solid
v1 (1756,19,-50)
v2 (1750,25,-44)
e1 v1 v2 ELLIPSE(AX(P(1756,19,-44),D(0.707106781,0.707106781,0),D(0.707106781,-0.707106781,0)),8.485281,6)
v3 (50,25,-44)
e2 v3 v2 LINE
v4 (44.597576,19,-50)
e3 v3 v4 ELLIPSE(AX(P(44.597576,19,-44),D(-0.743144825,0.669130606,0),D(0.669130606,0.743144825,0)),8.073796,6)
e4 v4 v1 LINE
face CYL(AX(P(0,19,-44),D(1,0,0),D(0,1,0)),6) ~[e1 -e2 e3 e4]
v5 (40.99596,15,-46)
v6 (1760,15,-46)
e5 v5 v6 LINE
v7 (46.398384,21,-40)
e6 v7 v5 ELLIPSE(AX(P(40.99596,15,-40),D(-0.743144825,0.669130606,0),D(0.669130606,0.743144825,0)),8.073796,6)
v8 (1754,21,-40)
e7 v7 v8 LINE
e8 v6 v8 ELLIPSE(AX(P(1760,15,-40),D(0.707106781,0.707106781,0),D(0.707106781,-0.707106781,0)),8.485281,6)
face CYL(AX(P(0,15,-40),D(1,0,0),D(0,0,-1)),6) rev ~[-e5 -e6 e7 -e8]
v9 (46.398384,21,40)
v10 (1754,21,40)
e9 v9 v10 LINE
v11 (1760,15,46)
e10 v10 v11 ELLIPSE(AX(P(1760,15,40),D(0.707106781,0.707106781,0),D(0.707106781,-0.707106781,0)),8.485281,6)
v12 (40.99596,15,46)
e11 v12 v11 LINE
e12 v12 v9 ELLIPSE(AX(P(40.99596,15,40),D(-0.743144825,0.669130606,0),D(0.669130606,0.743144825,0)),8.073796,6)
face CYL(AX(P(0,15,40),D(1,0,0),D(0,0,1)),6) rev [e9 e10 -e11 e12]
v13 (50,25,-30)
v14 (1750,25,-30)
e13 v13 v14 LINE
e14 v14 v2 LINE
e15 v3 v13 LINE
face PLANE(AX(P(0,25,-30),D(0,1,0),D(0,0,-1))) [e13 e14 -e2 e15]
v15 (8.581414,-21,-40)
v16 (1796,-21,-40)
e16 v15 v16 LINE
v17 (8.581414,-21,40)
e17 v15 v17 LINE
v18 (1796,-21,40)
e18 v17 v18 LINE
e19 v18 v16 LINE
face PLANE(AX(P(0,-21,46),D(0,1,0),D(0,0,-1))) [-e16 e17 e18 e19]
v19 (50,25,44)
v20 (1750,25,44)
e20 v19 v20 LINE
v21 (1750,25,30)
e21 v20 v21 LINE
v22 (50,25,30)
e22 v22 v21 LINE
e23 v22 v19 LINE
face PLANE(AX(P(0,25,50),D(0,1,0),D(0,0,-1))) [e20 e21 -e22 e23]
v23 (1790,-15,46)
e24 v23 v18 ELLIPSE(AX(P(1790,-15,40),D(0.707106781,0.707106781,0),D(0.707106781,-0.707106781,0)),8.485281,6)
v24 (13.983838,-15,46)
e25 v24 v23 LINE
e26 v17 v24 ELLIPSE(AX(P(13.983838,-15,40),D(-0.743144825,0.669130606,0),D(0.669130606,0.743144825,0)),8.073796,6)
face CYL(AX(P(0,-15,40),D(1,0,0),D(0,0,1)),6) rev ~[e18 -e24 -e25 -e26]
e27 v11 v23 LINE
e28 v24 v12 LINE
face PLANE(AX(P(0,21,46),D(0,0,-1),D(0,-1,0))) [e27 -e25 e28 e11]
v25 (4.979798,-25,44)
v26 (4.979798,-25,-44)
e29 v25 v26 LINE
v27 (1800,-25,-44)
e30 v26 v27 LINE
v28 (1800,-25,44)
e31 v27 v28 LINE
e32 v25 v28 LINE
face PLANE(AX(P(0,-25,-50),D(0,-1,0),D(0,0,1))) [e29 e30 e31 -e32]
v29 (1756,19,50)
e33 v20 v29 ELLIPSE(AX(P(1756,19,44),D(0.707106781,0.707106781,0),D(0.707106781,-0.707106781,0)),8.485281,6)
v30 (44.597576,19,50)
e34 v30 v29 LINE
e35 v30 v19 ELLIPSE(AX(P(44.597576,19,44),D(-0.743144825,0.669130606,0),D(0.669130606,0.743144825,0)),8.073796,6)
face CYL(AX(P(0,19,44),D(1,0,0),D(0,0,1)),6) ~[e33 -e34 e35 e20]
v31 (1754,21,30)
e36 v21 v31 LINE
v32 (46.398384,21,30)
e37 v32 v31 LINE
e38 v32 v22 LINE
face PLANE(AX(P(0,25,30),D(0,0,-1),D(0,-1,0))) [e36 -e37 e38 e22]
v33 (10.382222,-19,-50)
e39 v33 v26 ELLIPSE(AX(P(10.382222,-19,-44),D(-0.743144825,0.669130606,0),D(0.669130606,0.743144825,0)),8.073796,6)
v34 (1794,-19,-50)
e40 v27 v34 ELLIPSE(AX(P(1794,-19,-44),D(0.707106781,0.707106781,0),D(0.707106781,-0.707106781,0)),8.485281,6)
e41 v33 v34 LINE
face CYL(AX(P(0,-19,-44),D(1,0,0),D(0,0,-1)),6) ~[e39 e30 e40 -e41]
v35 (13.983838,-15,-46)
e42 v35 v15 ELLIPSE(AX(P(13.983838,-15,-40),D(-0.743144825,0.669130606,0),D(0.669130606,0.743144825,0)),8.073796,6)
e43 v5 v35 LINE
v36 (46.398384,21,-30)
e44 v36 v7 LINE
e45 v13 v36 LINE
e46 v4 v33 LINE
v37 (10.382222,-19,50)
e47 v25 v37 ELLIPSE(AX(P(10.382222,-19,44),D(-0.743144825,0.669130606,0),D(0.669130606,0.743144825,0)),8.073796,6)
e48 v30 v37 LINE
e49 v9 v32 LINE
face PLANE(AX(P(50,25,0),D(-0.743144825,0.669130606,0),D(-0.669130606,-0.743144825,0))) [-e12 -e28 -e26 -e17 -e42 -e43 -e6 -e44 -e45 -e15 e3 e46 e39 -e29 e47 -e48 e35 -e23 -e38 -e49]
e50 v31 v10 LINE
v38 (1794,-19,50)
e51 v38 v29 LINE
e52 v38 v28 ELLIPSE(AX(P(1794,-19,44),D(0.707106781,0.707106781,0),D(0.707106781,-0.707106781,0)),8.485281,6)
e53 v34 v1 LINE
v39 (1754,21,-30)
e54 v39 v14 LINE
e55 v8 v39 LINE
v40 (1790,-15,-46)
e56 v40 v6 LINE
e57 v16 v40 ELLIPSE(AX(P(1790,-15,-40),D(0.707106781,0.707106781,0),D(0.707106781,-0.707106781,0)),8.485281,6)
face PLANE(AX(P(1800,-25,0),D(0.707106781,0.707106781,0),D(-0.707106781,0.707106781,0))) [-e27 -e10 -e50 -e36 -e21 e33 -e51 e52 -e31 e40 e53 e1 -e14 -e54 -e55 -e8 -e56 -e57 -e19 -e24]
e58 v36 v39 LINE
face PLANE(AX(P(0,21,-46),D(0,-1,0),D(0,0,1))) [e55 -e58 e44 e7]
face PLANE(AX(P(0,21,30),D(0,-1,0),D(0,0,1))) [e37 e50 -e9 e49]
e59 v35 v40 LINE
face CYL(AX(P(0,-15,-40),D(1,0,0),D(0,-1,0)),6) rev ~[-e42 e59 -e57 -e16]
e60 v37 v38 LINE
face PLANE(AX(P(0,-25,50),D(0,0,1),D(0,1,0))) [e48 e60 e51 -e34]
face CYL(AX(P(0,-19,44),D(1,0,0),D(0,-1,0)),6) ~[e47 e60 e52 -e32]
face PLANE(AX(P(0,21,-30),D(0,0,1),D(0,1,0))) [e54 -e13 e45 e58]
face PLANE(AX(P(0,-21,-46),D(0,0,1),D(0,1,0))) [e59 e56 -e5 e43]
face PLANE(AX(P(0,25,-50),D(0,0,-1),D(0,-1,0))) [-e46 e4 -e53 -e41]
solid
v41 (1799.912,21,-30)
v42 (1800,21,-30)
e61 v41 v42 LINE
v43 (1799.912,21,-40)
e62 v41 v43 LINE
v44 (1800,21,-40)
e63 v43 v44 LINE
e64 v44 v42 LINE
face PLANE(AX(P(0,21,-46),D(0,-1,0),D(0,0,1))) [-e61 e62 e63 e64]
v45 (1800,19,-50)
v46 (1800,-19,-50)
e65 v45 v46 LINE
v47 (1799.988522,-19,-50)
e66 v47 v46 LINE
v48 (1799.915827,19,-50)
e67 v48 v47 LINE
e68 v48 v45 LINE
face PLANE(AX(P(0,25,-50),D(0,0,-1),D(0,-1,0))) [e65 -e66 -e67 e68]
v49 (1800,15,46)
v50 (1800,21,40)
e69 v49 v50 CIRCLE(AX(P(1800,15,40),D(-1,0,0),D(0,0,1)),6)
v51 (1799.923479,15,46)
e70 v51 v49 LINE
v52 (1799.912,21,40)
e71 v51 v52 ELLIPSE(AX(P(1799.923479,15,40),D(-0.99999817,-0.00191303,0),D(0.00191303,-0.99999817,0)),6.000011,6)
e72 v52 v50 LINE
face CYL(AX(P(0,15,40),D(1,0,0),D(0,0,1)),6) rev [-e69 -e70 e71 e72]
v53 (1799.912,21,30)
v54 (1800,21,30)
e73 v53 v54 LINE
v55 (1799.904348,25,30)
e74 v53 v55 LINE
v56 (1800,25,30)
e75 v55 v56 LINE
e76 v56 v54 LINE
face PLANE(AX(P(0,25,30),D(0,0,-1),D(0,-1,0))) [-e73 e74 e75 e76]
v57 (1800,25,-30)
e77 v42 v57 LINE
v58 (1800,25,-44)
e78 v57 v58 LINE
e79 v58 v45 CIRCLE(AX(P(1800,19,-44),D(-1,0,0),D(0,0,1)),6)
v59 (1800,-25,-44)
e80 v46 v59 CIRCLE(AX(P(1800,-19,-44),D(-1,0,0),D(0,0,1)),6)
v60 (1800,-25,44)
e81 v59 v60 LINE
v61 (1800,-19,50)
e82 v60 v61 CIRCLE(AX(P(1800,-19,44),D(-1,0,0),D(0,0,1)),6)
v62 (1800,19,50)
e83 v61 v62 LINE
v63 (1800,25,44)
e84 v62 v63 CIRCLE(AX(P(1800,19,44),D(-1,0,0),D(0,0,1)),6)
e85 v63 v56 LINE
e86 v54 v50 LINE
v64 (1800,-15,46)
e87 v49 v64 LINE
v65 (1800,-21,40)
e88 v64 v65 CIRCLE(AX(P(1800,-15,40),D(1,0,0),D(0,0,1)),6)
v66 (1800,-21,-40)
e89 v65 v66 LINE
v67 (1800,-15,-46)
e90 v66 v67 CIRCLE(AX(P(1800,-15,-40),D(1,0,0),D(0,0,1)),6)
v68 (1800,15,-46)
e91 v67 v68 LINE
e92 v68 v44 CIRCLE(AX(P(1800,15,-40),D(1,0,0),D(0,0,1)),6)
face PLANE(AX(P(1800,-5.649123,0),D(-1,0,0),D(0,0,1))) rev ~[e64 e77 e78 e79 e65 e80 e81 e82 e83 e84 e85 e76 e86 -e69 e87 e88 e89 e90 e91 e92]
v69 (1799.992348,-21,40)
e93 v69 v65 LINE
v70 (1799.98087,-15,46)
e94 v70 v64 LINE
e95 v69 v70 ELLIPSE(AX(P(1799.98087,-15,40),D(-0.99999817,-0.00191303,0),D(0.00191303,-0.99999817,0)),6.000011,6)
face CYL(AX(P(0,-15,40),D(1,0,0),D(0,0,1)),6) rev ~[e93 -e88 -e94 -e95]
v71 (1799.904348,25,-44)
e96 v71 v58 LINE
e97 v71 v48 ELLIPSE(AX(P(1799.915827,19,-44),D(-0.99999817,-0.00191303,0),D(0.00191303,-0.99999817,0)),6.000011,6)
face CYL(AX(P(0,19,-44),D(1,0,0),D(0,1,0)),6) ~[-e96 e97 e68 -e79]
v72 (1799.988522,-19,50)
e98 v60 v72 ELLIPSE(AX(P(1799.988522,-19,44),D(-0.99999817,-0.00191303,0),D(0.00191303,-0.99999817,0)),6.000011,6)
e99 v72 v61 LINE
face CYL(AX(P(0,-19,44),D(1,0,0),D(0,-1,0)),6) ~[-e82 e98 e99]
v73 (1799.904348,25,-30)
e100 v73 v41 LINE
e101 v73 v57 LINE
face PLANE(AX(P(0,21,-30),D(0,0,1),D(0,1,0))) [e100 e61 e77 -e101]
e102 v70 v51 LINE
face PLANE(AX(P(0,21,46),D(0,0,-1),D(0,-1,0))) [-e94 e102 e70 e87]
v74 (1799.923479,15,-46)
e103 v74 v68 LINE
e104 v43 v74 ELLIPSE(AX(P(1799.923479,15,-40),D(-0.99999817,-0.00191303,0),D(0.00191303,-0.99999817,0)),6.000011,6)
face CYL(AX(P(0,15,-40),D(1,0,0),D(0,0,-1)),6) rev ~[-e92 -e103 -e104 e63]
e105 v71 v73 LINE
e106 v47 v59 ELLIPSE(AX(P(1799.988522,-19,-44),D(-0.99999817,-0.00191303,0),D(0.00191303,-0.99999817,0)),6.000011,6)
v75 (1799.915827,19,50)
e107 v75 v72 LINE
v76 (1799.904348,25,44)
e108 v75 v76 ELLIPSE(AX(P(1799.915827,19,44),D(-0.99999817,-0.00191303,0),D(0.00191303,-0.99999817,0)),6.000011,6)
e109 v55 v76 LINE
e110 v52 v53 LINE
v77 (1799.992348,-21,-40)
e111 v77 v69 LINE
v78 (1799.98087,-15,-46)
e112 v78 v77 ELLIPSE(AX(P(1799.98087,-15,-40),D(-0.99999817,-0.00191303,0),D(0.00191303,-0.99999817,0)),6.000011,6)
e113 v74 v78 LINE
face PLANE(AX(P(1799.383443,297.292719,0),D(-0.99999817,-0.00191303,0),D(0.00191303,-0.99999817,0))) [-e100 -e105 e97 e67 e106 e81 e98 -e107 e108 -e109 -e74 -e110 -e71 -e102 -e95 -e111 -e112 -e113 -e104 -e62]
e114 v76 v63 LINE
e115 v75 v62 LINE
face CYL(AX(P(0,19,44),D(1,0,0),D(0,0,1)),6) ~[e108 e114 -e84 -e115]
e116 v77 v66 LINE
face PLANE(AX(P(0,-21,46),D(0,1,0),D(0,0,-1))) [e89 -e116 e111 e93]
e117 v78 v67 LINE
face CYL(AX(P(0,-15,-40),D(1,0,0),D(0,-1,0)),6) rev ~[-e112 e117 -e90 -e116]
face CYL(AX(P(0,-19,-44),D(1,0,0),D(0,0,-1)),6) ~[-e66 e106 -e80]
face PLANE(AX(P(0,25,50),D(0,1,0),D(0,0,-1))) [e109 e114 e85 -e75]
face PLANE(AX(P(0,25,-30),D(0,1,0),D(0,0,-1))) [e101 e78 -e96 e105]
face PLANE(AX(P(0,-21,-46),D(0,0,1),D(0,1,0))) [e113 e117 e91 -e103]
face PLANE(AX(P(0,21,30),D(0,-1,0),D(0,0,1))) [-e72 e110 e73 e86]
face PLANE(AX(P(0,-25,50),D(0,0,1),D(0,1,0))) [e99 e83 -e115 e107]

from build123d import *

# Parameters (mm, degrees)
RESSALTO_EXTRUS_O1_DEPTH = 1800
FILETE1_R                = 6
CORTE_EXTRUS_O1_DEPTH    = 50
CORTE_EXTRUS_O2_DEPTH    = 50


with BuildPart() as part:
    # Esboço1 → Ressalto-extrusão1 (new body)
    with BuildSketch(Plane(origin=(0, 0, 0), x_dir=(0, 0, -1), z_dir=(1, 0, 0))):
        Polygon((-46, 21), (-46, -21), (46, -21), (46, 21), (30, 21), (30, 25), (50, 25), (50, -25), (-50, -25), (-50, 25), (-30, 25), (-30, 21), align=None)
    extrude(amount=RESSALTO_EXTRUS_O1_DEPTH)

    # Filete1
    filete1_edges = [part.edges().sort_by_distance(p)[0] for p in [
        (900, -25, -50),
        (900, -25, 50),
        (900, 25, 50),
        (900, 21, 46),
        (900, -21, 46),
        (900, -21, -46),
        (900, 21, -46),
        (900, 25, -50),
    ]]
    fillet(filete1_edges, radius=FILETE1_R)

    # Esboço3 → Corte-extrusão1 (cut, symmetric)
    with BuildSketch(Plane.XY):
        Polygon((0, -25), (184.767559257, 159.767559257), (-208.615442636, 104.939092506), align=None)
        Polygon((1800, -25), (1477.707280818, 297.292719182), (1799.383443157, 297.292719182), align=None)
    extrude(amount=CORTE_EXTRUS_O1_DEPTH, both=True, mode=Mode.SUBTRACT)


with BuildPart() as corte_extrus_o1_piece_1:
    # of the separate pieces the step leaves, piece 1, a body of its own (corte_extrus_o1_pieces)
    add(part.part.solids().sort_by_distance((40, 15, 46))[0])

    # Esboço4 → Corte-extrusão2 (cut, symmetric)
    with BuildSketch(Plane.XY):
        Polygon((50, 25), (-16.235639867, -48.562130564), (-42.129730134, -17.715767118), align=None)
    extrude(amount=CORTE_EXTRUS_O2_DEPTH, both=True, mode=Mode.SUBTRACT)


with BuildPart() as corte_extrus_o1_piece_2:
    # of the separate pieces the step leaves, piece 2, a body of its own (corte_extrus_o1_pieces)
    add(part.part.solids().sort_by_distance((1800, 15, 46))[0])


solid = Compound([corte_extrus_o1_piece_1.part, corte_extrus_o1_piece_2.part])
